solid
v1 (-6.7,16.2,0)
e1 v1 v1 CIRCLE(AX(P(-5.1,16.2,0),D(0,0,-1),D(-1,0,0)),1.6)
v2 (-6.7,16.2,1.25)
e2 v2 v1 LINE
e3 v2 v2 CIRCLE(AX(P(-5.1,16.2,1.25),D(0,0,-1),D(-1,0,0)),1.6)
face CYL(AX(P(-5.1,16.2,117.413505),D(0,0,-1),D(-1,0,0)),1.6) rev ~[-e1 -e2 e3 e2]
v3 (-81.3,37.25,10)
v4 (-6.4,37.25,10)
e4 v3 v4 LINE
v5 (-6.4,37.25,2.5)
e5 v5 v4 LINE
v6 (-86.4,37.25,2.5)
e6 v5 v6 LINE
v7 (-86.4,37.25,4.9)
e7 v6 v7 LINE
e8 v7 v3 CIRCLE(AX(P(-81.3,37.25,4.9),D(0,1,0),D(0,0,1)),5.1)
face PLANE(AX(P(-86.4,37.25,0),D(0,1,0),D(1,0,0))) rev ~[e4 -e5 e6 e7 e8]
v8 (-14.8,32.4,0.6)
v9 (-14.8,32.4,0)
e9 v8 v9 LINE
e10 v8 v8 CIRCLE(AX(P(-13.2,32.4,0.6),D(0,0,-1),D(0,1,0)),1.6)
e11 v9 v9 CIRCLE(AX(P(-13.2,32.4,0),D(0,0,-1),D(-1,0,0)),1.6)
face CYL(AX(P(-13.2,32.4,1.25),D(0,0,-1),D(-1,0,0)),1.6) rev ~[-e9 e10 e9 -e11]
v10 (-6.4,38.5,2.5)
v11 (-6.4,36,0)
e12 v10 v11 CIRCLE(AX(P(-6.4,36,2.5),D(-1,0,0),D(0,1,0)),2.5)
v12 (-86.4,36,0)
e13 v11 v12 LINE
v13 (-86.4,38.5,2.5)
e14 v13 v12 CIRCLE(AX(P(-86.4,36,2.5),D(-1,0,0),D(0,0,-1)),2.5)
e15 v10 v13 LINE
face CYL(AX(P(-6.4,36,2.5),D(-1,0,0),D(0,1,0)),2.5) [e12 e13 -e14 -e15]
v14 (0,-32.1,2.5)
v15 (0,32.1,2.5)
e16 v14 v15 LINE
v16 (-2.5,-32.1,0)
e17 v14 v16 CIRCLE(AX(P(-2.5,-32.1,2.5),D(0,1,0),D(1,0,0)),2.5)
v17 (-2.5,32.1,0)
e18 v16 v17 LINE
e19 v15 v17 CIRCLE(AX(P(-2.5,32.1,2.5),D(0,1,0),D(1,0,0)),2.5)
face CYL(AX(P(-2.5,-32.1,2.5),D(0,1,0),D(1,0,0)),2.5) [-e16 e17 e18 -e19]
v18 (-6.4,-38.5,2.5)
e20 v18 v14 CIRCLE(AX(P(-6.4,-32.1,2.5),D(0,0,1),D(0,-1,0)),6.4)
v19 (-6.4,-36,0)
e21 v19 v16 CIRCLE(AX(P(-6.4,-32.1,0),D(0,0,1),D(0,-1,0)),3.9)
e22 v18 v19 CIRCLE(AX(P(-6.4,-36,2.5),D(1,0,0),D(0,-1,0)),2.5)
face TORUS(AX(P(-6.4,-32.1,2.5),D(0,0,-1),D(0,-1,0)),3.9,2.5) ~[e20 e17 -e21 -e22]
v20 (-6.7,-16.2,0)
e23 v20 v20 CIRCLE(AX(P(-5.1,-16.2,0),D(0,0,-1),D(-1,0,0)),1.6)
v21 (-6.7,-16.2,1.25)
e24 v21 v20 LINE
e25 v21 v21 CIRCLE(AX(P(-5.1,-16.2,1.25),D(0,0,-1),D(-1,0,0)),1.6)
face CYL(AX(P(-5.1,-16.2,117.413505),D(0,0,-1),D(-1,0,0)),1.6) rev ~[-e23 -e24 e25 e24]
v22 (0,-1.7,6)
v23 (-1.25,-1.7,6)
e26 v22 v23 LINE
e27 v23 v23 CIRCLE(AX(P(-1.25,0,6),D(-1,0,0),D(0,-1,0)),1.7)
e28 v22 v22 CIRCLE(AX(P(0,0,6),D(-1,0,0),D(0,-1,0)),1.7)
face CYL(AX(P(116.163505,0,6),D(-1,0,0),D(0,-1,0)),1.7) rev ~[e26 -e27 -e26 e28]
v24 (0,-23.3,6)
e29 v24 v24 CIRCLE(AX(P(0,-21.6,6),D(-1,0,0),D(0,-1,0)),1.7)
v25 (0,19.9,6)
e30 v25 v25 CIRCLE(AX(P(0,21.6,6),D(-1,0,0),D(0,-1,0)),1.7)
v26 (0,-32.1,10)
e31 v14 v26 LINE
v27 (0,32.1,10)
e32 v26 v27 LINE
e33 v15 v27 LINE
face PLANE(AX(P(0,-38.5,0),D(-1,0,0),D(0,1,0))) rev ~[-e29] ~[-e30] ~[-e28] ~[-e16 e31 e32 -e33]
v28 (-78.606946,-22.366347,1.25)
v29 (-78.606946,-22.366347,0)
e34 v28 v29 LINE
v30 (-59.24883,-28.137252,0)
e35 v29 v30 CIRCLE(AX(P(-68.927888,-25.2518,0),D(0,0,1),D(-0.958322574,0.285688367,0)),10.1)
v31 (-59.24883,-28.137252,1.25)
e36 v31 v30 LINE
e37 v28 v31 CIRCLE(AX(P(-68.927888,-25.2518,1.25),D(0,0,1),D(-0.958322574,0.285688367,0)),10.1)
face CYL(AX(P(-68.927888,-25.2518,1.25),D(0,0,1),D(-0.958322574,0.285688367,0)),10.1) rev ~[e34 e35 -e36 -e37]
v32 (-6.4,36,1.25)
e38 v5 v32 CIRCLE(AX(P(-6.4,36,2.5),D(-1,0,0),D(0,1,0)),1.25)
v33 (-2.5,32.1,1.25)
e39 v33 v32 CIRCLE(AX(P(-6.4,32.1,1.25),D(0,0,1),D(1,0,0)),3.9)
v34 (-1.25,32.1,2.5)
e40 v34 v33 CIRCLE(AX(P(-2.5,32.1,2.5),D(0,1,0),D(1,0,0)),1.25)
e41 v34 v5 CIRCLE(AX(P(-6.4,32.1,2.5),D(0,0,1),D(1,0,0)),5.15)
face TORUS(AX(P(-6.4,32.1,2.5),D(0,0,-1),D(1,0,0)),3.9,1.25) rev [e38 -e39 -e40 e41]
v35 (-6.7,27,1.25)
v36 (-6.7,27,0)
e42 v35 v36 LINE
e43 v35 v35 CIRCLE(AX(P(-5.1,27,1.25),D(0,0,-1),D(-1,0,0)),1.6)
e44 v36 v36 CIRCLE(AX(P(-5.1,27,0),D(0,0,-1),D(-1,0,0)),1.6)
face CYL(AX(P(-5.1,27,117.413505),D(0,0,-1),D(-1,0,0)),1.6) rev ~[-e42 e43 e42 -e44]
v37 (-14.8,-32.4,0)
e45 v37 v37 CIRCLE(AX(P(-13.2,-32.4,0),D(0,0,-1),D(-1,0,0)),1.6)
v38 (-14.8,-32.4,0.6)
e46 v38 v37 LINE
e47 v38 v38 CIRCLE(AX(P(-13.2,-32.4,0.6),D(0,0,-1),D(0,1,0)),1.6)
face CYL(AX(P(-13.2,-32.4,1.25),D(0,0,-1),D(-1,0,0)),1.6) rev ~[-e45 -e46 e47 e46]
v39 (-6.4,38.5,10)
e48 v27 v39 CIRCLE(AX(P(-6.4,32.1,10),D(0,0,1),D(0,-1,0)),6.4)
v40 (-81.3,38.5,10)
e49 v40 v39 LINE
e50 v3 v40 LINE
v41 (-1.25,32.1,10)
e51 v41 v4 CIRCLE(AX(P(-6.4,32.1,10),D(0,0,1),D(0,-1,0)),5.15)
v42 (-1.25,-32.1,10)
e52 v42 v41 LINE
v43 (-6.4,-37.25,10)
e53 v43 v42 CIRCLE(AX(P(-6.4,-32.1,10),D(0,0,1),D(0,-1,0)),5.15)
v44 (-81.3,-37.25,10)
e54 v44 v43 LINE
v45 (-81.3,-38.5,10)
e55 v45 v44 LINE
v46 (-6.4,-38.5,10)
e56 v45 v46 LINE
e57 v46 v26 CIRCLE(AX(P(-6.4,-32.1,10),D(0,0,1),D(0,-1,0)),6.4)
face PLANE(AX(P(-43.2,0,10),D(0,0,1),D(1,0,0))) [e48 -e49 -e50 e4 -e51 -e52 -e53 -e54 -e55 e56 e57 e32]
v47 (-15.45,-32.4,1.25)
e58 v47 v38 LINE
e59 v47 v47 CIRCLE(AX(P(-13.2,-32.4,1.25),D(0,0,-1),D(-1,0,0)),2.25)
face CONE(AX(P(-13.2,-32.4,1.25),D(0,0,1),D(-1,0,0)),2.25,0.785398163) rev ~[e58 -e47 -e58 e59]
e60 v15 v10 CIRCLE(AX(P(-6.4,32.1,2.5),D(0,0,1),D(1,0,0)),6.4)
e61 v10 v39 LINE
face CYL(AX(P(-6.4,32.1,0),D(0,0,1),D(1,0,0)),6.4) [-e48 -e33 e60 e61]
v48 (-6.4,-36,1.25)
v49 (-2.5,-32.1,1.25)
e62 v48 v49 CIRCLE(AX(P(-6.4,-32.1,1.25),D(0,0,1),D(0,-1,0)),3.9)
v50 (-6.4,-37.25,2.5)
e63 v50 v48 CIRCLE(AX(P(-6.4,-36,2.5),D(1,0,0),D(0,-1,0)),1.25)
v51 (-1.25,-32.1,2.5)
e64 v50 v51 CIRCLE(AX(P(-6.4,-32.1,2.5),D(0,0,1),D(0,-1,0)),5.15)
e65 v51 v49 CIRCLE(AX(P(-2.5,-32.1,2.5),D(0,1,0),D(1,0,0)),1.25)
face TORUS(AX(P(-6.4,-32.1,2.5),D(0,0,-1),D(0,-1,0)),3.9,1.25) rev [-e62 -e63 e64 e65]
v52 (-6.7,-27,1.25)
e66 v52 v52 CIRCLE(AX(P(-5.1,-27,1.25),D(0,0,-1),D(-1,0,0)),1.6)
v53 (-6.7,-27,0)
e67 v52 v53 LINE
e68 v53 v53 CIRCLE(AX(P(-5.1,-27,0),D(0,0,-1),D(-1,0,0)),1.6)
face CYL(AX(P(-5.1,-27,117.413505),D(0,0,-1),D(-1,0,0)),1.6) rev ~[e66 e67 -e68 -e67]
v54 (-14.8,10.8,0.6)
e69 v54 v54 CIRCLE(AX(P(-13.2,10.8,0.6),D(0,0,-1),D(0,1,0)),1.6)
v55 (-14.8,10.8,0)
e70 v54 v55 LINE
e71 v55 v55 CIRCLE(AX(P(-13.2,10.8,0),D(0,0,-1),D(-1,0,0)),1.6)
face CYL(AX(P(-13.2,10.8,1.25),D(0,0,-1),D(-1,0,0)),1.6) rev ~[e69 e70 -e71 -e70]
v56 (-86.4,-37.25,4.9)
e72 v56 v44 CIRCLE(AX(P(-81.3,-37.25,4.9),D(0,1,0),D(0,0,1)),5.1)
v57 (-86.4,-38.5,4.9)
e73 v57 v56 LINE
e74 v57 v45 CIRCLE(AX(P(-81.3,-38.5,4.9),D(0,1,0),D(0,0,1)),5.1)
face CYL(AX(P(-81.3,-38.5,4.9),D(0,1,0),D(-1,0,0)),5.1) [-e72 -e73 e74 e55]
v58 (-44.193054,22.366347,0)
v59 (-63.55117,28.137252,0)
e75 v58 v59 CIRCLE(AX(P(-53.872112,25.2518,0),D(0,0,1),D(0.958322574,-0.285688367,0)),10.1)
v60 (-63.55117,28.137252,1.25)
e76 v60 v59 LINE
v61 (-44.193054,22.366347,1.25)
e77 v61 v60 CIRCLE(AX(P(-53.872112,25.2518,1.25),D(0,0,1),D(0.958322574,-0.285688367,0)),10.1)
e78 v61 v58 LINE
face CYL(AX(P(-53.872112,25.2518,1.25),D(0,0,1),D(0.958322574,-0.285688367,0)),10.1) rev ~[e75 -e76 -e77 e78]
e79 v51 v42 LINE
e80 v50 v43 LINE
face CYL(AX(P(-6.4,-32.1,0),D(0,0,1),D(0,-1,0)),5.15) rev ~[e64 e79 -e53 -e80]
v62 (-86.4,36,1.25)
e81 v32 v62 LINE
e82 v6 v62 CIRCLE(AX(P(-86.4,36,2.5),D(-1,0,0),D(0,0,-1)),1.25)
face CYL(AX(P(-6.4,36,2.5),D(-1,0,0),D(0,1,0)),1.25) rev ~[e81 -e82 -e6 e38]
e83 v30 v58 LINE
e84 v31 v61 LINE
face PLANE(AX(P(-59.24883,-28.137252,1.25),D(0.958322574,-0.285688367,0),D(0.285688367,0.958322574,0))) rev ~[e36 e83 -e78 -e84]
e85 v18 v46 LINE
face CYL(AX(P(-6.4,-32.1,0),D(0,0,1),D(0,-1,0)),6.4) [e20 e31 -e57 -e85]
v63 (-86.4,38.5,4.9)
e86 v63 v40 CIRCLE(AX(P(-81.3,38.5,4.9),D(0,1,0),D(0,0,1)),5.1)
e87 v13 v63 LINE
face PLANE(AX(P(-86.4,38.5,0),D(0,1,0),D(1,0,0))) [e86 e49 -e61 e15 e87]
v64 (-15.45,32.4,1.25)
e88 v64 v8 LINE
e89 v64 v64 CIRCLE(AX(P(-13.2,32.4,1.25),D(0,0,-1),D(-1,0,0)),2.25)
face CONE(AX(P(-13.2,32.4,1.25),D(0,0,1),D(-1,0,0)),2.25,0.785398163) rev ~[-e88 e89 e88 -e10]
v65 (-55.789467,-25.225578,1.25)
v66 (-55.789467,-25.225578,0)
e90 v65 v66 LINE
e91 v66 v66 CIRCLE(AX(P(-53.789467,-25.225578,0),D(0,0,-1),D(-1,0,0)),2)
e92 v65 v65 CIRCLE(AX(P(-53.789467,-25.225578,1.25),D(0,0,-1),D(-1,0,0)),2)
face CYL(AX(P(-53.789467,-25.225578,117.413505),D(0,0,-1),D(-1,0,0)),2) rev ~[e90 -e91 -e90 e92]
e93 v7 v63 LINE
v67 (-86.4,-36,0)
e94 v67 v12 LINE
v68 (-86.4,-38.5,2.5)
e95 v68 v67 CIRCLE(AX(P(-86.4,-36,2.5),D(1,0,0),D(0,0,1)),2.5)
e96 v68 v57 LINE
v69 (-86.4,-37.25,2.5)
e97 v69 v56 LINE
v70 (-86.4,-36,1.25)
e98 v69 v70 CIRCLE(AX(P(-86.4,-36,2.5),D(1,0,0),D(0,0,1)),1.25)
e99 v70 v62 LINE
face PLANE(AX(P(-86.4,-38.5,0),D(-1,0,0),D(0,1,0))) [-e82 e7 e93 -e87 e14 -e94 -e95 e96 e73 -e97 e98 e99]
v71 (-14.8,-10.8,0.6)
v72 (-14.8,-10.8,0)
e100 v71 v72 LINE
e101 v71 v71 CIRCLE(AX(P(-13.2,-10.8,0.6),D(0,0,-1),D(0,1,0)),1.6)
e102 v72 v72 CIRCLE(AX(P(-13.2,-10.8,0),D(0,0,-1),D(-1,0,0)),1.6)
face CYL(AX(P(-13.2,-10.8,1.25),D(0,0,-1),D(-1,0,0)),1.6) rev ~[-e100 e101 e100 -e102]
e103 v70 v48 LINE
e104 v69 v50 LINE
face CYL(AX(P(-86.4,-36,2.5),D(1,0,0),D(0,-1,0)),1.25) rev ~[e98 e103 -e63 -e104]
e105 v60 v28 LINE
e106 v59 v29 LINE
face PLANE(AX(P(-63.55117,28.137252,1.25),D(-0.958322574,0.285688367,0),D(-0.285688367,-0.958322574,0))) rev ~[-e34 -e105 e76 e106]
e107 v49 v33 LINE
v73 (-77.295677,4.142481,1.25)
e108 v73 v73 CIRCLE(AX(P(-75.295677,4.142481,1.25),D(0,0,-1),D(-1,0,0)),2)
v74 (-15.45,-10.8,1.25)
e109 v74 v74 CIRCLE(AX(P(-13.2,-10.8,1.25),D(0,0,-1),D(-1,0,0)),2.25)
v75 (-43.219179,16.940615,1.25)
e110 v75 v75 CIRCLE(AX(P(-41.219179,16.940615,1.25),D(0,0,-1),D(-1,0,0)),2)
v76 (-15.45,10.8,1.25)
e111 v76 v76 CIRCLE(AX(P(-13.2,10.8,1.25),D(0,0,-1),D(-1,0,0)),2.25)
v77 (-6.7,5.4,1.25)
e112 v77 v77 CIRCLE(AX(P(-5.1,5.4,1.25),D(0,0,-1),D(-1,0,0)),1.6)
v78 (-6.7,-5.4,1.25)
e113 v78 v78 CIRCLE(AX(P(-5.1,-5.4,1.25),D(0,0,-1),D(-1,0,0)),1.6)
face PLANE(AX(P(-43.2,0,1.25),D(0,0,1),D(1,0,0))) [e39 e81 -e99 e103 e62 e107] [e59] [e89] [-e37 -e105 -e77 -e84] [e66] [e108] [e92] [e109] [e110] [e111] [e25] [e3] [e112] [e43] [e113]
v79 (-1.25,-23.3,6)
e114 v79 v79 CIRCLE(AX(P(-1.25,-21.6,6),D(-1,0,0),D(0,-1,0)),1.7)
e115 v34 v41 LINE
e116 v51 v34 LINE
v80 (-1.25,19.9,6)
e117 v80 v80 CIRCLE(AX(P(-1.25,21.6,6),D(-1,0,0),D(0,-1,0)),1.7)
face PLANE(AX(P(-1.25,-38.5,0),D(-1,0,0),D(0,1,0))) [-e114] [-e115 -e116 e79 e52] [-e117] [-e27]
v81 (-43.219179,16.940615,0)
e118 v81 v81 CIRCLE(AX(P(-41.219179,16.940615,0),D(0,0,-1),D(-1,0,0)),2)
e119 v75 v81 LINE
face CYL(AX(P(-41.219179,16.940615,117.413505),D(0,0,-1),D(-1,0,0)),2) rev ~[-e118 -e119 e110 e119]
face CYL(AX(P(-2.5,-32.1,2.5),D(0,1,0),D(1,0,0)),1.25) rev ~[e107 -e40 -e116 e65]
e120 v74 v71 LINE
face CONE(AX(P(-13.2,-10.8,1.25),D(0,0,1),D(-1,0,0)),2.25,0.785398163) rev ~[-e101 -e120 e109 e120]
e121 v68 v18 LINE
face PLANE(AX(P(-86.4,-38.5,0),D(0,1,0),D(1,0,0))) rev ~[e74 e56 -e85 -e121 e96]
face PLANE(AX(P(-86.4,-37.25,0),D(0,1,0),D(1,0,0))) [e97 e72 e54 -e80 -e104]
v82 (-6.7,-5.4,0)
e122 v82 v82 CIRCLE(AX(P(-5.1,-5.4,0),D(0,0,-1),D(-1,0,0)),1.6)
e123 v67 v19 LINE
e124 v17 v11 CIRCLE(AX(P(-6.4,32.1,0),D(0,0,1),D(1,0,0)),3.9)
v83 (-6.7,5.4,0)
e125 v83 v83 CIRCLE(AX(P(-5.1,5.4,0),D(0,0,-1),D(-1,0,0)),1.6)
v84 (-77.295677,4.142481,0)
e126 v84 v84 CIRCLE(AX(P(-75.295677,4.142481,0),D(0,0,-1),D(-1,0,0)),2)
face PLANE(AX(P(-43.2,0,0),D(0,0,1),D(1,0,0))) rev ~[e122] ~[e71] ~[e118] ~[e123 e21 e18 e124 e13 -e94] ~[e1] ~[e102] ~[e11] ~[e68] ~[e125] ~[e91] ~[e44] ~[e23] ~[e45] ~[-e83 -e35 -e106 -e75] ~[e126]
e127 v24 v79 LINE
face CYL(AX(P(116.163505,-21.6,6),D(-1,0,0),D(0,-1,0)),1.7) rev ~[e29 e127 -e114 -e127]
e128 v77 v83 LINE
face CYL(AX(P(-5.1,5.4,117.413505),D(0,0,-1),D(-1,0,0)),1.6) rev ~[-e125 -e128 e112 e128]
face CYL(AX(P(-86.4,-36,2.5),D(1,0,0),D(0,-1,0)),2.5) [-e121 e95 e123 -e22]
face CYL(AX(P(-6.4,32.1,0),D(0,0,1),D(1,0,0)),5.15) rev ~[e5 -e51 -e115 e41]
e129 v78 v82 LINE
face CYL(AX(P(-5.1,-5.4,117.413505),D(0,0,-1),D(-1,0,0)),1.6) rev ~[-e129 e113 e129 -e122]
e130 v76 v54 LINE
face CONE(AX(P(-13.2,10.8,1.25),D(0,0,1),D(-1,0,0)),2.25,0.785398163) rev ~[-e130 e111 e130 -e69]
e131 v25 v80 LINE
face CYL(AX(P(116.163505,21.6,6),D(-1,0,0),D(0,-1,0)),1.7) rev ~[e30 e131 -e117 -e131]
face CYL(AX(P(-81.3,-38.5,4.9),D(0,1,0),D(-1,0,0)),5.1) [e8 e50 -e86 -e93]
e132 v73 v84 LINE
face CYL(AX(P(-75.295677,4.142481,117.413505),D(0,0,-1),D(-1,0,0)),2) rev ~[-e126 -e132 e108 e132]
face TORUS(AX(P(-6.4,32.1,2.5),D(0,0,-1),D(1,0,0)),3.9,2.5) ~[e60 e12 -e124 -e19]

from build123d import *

# Parameters (mm, degrees)
F0_W            = 86.4
F0_H            = 77
F1_DEPTH        = 10
F2_R            = 6.4
F3_R            = 5.1
F4_R            = 2.5
F5_T            = -1.25
F7_DEPTH        = 1.251
F9_D            = 4
F11_D           = 3.2
F13_D           = 3.4
F15_D           = 3.2
F15_CSINK_D     = 4.5
F15_CSINK_ANGLE = 90


with BuildPart() as f1:
    # F0 (on Top) → F1 (new body)
    with BuildSketch(Plane.XY):
        with Locations((-43.2, 0)):
            Rectangle(F0_W, F0_H)
    extrude(amount=F1_DEPTH)

    # F2
    f2_edges = [f1.edges().sort_by_distance(p)[0] for p in [
        (0, 38.5, 5),
        (0, -38.5, 5),
    ]]
    fillet(f2_edges, radius=F2_R)

    # F3
    f3_edges = [f1.edges().sort_by_distance(p)[0] for p in [
        (-86.4, 0, 10),
    ]]
    fillet(f3_edges, radius=F3_R)

    # F4
    f4_edges = [f1.edges().sort_by_distance(p)[0] for p in [
        (-46.4, -38.5, 0),
    ]]
    fillet(f4_edges, radius=F4_R)

    # F5
    f5_openings = [f1.faces().sort_by_distance(p)[0] for p in [
        (-86.4, 0, 2.463545),
        (-84.906245, 0, 8.506245),
        (-40.760453, 0, 10),
    ]]
    offset(amount=F5_T, openings=f5_openings)

    # F6 (on face) → F7 (cut, through all)
    with BuildSketch(Plane.XY.offset(1.25)):
        with BuildLine():
            ThreePointArc((-78.6069464832, -22.3663473264), (-71.8133409919, -34.9308578393), (-59.248830479, -28.1372523479))
            Line((-59.248830479, -28.1372523479), (-44.1930535168, 22.3663473264))
            ThreePointArc((-44.1930535168, 22.3663473264), (-50.9866590081, 34.9308578393), (-63.551169521, 28.1372523479))
            Line((-63.551169521, 28.1372523479), (-78.6069464832, -22.3663473264))
        make_face()
    extrude(amount=-F7_DEPTH, mode=Mode.SUBTRACT)

    # F9 (through all)
    with Locations(Plane.XY.offset(1.25)):
        with Locations((-75.2956773297, 4.1424813274), (-41.2191785873, 16.9406153109), (-53.7894667532, -25.2255779656)):
            Hole(F9_D / 2)

    # F11 (through all)
    with Locations(Plane.XY.offset(1.25)):
        with Locations((-5.1, -27), (-5.1, -16.2), (-5.1, -5.4), (-5.1, 5.4), (-5.1, 16.2), (-5.1, 27)):
            Hole(F11_D / 2)

    # F13 (through all)
    with Locations(Plane.YZ):
        with Locations((-21.6, 6), (0, 6), (21.6, 6)):
            Hole(F13_D / 2)

    # F15 (through all)
    with Locations(Plane.XY.offset(1.25)):
        with Locations((-13.2, -32.4), (-13.2, -10.8), (-13.2, 10.8), (-13.2, 32.4)):
            CounterSinkHole(F15_D / 2, F15_CSINK_D / 2, counter_sink_angle=F15_CSINK_ANGLE)


solid = f1.part
